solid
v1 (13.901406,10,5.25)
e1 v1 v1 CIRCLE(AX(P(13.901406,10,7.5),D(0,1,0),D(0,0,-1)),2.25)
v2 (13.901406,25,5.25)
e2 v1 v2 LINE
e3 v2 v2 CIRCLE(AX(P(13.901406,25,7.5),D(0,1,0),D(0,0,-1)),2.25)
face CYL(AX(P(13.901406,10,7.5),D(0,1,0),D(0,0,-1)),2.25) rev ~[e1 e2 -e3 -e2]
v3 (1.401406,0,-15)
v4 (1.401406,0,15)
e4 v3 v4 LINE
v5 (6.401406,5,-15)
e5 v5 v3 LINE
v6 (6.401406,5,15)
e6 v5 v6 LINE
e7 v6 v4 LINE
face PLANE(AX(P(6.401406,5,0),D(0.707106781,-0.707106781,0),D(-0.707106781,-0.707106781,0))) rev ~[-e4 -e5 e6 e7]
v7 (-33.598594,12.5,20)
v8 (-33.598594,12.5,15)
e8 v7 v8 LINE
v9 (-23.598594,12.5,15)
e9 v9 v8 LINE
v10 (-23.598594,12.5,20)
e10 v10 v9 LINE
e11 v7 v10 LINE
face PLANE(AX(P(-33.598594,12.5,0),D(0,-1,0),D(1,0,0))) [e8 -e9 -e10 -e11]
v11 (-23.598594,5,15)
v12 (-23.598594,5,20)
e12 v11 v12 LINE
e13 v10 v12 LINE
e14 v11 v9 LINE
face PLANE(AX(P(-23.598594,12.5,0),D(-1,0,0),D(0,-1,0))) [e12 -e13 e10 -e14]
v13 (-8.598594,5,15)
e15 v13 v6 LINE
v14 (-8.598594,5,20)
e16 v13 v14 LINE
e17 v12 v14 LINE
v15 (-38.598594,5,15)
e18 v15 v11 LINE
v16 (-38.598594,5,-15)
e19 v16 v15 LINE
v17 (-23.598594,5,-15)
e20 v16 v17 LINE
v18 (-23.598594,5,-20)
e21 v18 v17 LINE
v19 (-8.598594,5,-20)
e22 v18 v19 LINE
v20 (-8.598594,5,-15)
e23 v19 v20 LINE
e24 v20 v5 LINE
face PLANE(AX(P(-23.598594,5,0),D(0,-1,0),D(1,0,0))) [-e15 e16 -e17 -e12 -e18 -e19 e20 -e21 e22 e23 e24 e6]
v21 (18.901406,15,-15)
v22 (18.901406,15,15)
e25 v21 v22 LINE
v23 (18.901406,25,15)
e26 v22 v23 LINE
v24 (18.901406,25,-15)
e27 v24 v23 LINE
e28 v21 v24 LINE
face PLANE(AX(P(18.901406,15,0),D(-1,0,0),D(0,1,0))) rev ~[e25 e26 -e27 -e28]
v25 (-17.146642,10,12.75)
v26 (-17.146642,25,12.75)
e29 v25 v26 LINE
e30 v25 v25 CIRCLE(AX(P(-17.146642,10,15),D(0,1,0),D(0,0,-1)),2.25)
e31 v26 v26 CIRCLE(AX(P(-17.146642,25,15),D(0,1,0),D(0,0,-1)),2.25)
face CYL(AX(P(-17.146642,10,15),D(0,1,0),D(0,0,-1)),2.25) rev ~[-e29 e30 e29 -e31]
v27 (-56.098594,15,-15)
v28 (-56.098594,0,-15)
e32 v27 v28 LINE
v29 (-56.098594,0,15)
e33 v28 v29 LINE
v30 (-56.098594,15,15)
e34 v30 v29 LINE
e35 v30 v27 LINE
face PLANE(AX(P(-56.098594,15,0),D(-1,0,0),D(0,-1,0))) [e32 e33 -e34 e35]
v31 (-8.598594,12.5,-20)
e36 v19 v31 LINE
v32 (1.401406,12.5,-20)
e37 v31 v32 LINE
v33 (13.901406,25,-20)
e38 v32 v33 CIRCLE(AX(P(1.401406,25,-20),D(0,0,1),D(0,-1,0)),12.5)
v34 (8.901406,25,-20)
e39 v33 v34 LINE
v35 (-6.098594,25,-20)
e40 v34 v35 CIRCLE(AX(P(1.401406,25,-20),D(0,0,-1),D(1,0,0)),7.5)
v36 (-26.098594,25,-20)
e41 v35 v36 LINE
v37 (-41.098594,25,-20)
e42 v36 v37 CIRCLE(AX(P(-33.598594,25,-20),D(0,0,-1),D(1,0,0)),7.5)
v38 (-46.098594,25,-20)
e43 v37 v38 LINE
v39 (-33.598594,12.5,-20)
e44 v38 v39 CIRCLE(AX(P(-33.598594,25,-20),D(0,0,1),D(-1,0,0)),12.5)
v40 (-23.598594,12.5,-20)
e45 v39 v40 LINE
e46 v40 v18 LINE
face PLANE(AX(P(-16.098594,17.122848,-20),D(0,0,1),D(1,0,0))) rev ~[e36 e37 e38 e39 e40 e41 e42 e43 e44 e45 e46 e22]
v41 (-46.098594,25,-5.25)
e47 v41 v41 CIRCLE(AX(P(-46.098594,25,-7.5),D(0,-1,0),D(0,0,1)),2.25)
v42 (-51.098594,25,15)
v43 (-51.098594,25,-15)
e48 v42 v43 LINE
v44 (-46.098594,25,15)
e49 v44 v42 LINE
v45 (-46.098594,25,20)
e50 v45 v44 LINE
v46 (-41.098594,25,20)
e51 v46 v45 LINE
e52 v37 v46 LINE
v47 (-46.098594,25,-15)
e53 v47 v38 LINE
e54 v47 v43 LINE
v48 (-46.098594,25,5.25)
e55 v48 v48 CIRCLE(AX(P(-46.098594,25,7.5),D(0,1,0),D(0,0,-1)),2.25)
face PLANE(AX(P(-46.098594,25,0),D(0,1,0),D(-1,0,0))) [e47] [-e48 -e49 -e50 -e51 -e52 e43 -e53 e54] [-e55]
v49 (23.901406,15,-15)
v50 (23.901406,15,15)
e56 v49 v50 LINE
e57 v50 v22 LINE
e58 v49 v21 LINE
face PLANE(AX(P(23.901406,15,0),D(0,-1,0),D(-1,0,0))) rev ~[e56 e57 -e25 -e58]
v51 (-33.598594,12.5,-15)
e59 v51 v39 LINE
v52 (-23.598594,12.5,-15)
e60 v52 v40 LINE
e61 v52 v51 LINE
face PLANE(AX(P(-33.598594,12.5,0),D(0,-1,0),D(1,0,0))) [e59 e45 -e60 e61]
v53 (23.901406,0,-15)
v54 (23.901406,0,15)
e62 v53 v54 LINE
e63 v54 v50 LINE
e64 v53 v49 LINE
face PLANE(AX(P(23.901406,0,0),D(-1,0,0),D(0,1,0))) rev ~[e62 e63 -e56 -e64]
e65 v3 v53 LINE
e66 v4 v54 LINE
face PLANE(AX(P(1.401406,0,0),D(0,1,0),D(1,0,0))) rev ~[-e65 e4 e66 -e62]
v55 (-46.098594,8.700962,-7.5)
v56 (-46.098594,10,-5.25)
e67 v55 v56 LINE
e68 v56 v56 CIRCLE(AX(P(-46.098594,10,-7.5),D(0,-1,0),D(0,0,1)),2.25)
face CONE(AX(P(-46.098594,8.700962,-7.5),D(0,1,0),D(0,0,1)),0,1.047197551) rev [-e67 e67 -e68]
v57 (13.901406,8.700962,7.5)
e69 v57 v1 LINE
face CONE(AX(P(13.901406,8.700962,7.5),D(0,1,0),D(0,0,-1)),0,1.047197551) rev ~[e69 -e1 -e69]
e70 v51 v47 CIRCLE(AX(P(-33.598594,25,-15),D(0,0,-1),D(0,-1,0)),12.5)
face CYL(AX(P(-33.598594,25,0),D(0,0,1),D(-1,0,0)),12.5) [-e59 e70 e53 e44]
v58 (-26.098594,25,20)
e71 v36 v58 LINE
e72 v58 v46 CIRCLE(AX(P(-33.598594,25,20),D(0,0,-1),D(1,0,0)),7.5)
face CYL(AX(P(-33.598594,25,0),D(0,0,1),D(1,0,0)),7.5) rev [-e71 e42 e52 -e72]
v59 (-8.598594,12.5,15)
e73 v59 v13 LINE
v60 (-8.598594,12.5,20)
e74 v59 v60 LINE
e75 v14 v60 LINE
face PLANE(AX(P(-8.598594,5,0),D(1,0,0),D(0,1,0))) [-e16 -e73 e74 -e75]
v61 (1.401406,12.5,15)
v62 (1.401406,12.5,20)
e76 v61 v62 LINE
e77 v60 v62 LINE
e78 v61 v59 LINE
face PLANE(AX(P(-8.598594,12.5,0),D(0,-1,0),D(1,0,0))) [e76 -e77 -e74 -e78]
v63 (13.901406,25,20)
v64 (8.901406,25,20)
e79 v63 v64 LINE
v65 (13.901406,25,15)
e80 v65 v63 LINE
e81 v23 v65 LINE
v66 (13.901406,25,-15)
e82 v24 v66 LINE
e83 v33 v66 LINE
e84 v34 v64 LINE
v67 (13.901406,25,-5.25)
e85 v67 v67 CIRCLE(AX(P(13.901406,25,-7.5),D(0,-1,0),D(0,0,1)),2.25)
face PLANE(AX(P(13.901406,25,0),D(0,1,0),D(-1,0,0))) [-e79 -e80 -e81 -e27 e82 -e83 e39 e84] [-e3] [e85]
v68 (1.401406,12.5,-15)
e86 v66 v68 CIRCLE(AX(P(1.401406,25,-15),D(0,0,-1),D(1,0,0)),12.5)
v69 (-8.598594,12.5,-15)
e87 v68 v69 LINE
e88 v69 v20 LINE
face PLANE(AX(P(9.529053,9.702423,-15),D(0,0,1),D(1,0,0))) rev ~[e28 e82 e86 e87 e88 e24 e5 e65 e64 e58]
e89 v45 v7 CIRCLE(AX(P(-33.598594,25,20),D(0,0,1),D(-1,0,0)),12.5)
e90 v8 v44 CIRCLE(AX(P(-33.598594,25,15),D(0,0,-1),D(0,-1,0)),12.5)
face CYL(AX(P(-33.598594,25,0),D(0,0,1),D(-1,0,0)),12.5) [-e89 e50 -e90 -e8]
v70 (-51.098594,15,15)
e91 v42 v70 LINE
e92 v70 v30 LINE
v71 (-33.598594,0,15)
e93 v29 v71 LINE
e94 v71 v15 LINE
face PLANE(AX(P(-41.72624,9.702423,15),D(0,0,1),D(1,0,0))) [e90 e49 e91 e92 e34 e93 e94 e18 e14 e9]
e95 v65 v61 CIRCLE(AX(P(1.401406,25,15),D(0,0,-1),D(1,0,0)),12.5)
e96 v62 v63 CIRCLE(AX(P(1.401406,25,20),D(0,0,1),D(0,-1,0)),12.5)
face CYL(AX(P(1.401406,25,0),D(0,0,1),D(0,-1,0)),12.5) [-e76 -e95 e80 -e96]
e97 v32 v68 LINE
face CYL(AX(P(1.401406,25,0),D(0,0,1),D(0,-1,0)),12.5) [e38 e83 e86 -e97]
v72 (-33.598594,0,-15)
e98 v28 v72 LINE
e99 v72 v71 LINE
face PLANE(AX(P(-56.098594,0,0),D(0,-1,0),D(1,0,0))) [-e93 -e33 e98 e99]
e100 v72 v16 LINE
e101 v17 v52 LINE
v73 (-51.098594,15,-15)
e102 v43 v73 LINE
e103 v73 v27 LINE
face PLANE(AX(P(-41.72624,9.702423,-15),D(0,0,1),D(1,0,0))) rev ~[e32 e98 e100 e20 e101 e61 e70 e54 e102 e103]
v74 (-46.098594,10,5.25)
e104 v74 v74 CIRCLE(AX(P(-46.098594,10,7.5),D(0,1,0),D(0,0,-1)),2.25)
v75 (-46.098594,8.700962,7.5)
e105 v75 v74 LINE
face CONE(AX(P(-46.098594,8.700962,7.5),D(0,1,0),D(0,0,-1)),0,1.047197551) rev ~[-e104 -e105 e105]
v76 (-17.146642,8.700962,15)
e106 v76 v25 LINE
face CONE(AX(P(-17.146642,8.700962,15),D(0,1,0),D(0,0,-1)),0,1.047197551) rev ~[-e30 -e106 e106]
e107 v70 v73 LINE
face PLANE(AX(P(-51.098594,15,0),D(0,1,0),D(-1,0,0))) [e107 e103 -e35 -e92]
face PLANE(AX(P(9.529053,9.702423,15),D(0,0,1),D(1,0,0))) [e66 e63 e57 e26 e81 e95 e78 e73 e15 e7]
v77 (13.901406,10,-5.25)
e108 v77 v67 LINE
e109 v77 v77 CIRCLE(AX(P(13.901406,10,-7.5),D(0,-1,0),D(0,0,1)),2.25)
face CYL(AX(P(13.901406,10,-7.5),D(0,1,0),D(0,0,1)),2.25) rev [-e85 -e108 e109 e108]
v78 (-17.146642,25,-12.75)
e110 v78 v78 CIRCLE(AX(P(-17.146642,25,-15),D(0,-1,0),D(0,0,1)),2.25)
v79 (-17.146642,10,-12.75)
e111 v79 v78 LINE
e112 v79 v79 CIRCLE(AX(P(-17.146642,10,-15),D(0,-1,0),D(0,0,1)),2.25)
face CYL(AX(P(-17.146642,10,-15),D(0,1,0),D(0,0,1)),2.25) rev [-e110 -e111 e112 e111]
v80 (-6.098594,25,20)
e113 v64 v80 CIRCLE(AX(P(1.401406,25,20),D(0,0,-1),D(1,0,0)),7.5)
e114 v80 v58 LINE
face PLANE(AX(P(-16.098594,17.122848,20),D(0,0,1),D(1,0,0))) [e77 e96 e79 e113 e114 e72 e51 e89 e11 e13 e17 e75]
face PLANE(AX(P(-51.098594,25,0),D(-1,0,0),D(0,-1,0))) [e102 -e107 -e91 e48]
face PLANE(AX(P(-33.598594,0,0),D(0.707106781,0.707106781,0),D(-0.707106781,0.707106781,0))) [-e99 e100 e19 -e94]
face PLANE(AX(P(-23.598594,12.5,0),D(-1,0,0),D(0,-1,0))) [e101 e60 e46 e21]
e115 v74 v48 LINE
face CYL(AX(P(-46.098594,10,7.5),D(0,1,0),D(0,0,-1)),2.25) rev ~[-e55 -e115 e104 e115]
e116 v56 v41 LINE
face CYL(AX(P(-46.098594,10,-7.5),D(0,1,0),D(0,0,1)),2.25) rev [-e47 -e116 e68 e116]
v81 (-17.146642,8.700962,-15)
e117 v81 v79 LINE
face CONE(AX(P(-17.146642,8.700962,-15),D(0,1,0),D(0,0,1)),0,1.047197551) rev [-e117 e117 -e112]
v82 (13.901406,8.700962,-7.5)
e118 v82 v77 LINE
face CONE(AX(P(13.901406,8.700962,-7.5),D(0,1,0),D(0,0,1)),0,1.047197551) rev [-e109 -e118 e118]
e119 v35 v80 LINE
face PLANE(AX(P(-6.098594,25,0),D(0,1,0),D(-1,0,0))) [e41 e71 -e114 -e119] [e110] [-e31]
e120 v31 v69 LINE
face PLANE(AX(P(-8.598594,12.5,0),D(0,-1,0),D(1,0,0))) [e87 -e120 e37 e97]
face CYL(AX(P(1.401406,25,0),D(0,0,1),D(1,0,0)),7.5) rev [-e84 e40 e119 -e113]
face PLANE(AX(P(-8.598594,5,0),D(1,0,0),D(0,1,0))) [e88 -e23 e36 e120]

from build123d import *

# Parameters (mm, degrees)
BOSS_EXTRUDE1_DEPTH            = 20
BOSS_EXTRUDE2_DEPTH            = 15
F_1_0MM_DOWEL_HOLE1_AT_2_COUNT = 2
F_1_0MM_DOWEL_HOLE1_AT_2_PITCH = 31.941060089
F_1_0MM_DOWEL_HOLE1_AT_3_COUNT = 2
F_1_0MM_DOWEL_HOLE1_AT_3_PITCH = 29.907615952


with BuildPart() as part:
    # Sketch1 → Boss-Extrude1 (new, symmetric)
    with BuildSketch(Plane.XY):
        with BuildLine():
            Line((-23.598593643, 12.5), (-23.598593643, 5))
            Line((-23.598593643, 5), (-8.598593643, 5))
            Line((-8.598593643, 5), (-8.598593643, 12.5))
            Line((-8.598593643, 12.5), (1.401406357, 12.5))
            ThreePointArc((1.401406357, 12.5), (10.240241122, 16.161165235), (13.901406357, 25))
            Line((13.901406357, 25), (8.901406357, 25))
            ThreePointArc((8.901406357, 25), (1.401406357, 17.5), (-6.098593643, 25))
            Line((-6.098593643, 25), (-26.098593643, 25))
            ThreePointArc((-26.098593643, 25), (-33.598593643, 17.5), (-41.098593643, 25))
            Line((-41.098593643, 25), (-46.098593643, 25))
            ThreePointArc((-46.098593643, 25), (-42.437428408, 16.161165235), (-33.598593643, 12.5))
            Line((-33.598593643, 12.5), (-23.598593643, 12.5))
        make_face()
    extrude(amount=BOSS_EXTRUDE1_DEPTH, both=True)

    # Sketch1<3> → Boss-Extrude2 (add, symmetric)
    with BuildSketch(Plane.XY):
        with BuildLine():
            Line((-8.598593643, 12.5), (-8.598593643, 5))
            Line((-8.598593643, 5), (6.401406357, 5))
            Line((6.401406357, 5), (1.401406357, 0))
            Line((1.401406357, 0), (23.901406357, 0))
            Line((23.901406357, 0), (23.901406357, 15))
            Line((23.901406357, 15), (18.901406357, 15))
            Line((18.901406357, 15), (18.901406357, 25))
            Line((18.901406357, 25), (13.901406357, 25))
            ThreePointArc((13.901406357, 25), (10.240241122, 16.161165235), (1.401406357, 12.5))
            Line((1.401406357, 12.5), (-8.598593643, 12.5))
        make_face()
        with BuildLine():
            Line((-56.098593643, 15), (-56.098593643, 0))
            Line((-56.098593643, 0), (-33.598593643, 0))
            Line((-33.598593643, 0), (-38.598593643, 5))
            Line((-38.598593643, 5), (-23.598593643, 5))
            Line((-23.598593643, 5), (-23.598593643, 12.5))
            Line((-23.598593643, 12.5), (-33.598593643, 12.5))
            ThreePointArc((-33.598593643, 12.5), (-42.437428408, 16.161165235), (-46.098593643, 25))
            Line((-46.098593643, 25), (-51.098593643, 25))
            Line((-51.098593643, 25), (-51.098593643, 15))
            Line((-51.098593643, 15), (-56.098593643, 15))
        make_face()
    extrude(amount=BOSS_EXTRUDE2_DEPTH, both=True)

    # Sketch4 → Ø1.0mm Dowel Hole1 (revolve, cut)
    with BuildSketch(Plane(origin=(-17.146642207, 25, -15), x_dir=(0, 0, 1), z_dir=(1, 0, 0))):
        Polygon((0, 0), (0, 16.299038106), (2.25, 15), (2.25, 0), align=None)
    f_1_0mm_dowel_hole1 = revolve(axis=Axis((-17.146642207, 31.35, -15), (0, -1, 0)), mode=Mode.SUBTRACT)

    # Ø1.0mm Dowel Hole1 at 2: Ø1.0mm Dowel Hole1 ×2
    with Locations(*[Vector(0.9720418945746677, 0, 0.23480748538258048) * (i * F_1_0MM_DOWEL_HOLE1_AT_2_PITCH) for i in range(1, F_1_0MM_DOWEL_HOLE1_AT_2_COUNT)]):
        add(f_1_0mm_dowel_hole1, mode=Mode.SUBTRACT)

    # Ø1.0mm Dowel Hole1 at 3: Ø1.0mm Dowel Hole1 ×2
    with Locations(*[Vector(-0.9680461151483998, 0, 0.25077224516698626) * (i * F_1_0MM_DOWEL_HOLE1_AT_3_PITCH) for i in range(1, F_1_0MM_DOWEL_HOLE1_AT_3_COUNT)]):
        add(f_1_0mm_dowel_hole1, mode=Mode.SUBTRACT)

    # Mirror1: Ø1.0mm Dowel Hole1 across plane
    add(f_1_0mm_dowel_hole1.mirror(Plane.XY), mode=Mode.SUBTRACT)

    # Mirror1 copy 1 sketch → Mirror1 copy 1 (revolve, cut)
    with BuildSketch(Plane(origin=(13.901406357, 25, 7.5), x_dir=(0, 0, -1), z_dir=(1, 0, 0))):
        Polygon((0, 0), (0, -16.299038106), (2.25, -15), (2.25, 0), align=None)
    revolve(axis=Axis((13.901406357, 31.35, 7.5), (0, 1, 0)), mode=Mode.SUBTRACT)

    # Mirror1 copy 2 sketch → Mirror1 copy 2 (revolve, cut)
    with BuildSketch(Plane(origin=(-46.098593643, 25, 7.5), x_dir=(0, 0, -1), z_dir=(1, 0, 0))):
        Polygon((0, 0), (0, -16.299038106), (2.25, -15), (2.25, 0), align=None)
    revolve(axis=Axis((-46.098593643, 31.35, 7.5), (0, 1, 0)), mode=Mode.SUBTRACT)


solid = part.part
